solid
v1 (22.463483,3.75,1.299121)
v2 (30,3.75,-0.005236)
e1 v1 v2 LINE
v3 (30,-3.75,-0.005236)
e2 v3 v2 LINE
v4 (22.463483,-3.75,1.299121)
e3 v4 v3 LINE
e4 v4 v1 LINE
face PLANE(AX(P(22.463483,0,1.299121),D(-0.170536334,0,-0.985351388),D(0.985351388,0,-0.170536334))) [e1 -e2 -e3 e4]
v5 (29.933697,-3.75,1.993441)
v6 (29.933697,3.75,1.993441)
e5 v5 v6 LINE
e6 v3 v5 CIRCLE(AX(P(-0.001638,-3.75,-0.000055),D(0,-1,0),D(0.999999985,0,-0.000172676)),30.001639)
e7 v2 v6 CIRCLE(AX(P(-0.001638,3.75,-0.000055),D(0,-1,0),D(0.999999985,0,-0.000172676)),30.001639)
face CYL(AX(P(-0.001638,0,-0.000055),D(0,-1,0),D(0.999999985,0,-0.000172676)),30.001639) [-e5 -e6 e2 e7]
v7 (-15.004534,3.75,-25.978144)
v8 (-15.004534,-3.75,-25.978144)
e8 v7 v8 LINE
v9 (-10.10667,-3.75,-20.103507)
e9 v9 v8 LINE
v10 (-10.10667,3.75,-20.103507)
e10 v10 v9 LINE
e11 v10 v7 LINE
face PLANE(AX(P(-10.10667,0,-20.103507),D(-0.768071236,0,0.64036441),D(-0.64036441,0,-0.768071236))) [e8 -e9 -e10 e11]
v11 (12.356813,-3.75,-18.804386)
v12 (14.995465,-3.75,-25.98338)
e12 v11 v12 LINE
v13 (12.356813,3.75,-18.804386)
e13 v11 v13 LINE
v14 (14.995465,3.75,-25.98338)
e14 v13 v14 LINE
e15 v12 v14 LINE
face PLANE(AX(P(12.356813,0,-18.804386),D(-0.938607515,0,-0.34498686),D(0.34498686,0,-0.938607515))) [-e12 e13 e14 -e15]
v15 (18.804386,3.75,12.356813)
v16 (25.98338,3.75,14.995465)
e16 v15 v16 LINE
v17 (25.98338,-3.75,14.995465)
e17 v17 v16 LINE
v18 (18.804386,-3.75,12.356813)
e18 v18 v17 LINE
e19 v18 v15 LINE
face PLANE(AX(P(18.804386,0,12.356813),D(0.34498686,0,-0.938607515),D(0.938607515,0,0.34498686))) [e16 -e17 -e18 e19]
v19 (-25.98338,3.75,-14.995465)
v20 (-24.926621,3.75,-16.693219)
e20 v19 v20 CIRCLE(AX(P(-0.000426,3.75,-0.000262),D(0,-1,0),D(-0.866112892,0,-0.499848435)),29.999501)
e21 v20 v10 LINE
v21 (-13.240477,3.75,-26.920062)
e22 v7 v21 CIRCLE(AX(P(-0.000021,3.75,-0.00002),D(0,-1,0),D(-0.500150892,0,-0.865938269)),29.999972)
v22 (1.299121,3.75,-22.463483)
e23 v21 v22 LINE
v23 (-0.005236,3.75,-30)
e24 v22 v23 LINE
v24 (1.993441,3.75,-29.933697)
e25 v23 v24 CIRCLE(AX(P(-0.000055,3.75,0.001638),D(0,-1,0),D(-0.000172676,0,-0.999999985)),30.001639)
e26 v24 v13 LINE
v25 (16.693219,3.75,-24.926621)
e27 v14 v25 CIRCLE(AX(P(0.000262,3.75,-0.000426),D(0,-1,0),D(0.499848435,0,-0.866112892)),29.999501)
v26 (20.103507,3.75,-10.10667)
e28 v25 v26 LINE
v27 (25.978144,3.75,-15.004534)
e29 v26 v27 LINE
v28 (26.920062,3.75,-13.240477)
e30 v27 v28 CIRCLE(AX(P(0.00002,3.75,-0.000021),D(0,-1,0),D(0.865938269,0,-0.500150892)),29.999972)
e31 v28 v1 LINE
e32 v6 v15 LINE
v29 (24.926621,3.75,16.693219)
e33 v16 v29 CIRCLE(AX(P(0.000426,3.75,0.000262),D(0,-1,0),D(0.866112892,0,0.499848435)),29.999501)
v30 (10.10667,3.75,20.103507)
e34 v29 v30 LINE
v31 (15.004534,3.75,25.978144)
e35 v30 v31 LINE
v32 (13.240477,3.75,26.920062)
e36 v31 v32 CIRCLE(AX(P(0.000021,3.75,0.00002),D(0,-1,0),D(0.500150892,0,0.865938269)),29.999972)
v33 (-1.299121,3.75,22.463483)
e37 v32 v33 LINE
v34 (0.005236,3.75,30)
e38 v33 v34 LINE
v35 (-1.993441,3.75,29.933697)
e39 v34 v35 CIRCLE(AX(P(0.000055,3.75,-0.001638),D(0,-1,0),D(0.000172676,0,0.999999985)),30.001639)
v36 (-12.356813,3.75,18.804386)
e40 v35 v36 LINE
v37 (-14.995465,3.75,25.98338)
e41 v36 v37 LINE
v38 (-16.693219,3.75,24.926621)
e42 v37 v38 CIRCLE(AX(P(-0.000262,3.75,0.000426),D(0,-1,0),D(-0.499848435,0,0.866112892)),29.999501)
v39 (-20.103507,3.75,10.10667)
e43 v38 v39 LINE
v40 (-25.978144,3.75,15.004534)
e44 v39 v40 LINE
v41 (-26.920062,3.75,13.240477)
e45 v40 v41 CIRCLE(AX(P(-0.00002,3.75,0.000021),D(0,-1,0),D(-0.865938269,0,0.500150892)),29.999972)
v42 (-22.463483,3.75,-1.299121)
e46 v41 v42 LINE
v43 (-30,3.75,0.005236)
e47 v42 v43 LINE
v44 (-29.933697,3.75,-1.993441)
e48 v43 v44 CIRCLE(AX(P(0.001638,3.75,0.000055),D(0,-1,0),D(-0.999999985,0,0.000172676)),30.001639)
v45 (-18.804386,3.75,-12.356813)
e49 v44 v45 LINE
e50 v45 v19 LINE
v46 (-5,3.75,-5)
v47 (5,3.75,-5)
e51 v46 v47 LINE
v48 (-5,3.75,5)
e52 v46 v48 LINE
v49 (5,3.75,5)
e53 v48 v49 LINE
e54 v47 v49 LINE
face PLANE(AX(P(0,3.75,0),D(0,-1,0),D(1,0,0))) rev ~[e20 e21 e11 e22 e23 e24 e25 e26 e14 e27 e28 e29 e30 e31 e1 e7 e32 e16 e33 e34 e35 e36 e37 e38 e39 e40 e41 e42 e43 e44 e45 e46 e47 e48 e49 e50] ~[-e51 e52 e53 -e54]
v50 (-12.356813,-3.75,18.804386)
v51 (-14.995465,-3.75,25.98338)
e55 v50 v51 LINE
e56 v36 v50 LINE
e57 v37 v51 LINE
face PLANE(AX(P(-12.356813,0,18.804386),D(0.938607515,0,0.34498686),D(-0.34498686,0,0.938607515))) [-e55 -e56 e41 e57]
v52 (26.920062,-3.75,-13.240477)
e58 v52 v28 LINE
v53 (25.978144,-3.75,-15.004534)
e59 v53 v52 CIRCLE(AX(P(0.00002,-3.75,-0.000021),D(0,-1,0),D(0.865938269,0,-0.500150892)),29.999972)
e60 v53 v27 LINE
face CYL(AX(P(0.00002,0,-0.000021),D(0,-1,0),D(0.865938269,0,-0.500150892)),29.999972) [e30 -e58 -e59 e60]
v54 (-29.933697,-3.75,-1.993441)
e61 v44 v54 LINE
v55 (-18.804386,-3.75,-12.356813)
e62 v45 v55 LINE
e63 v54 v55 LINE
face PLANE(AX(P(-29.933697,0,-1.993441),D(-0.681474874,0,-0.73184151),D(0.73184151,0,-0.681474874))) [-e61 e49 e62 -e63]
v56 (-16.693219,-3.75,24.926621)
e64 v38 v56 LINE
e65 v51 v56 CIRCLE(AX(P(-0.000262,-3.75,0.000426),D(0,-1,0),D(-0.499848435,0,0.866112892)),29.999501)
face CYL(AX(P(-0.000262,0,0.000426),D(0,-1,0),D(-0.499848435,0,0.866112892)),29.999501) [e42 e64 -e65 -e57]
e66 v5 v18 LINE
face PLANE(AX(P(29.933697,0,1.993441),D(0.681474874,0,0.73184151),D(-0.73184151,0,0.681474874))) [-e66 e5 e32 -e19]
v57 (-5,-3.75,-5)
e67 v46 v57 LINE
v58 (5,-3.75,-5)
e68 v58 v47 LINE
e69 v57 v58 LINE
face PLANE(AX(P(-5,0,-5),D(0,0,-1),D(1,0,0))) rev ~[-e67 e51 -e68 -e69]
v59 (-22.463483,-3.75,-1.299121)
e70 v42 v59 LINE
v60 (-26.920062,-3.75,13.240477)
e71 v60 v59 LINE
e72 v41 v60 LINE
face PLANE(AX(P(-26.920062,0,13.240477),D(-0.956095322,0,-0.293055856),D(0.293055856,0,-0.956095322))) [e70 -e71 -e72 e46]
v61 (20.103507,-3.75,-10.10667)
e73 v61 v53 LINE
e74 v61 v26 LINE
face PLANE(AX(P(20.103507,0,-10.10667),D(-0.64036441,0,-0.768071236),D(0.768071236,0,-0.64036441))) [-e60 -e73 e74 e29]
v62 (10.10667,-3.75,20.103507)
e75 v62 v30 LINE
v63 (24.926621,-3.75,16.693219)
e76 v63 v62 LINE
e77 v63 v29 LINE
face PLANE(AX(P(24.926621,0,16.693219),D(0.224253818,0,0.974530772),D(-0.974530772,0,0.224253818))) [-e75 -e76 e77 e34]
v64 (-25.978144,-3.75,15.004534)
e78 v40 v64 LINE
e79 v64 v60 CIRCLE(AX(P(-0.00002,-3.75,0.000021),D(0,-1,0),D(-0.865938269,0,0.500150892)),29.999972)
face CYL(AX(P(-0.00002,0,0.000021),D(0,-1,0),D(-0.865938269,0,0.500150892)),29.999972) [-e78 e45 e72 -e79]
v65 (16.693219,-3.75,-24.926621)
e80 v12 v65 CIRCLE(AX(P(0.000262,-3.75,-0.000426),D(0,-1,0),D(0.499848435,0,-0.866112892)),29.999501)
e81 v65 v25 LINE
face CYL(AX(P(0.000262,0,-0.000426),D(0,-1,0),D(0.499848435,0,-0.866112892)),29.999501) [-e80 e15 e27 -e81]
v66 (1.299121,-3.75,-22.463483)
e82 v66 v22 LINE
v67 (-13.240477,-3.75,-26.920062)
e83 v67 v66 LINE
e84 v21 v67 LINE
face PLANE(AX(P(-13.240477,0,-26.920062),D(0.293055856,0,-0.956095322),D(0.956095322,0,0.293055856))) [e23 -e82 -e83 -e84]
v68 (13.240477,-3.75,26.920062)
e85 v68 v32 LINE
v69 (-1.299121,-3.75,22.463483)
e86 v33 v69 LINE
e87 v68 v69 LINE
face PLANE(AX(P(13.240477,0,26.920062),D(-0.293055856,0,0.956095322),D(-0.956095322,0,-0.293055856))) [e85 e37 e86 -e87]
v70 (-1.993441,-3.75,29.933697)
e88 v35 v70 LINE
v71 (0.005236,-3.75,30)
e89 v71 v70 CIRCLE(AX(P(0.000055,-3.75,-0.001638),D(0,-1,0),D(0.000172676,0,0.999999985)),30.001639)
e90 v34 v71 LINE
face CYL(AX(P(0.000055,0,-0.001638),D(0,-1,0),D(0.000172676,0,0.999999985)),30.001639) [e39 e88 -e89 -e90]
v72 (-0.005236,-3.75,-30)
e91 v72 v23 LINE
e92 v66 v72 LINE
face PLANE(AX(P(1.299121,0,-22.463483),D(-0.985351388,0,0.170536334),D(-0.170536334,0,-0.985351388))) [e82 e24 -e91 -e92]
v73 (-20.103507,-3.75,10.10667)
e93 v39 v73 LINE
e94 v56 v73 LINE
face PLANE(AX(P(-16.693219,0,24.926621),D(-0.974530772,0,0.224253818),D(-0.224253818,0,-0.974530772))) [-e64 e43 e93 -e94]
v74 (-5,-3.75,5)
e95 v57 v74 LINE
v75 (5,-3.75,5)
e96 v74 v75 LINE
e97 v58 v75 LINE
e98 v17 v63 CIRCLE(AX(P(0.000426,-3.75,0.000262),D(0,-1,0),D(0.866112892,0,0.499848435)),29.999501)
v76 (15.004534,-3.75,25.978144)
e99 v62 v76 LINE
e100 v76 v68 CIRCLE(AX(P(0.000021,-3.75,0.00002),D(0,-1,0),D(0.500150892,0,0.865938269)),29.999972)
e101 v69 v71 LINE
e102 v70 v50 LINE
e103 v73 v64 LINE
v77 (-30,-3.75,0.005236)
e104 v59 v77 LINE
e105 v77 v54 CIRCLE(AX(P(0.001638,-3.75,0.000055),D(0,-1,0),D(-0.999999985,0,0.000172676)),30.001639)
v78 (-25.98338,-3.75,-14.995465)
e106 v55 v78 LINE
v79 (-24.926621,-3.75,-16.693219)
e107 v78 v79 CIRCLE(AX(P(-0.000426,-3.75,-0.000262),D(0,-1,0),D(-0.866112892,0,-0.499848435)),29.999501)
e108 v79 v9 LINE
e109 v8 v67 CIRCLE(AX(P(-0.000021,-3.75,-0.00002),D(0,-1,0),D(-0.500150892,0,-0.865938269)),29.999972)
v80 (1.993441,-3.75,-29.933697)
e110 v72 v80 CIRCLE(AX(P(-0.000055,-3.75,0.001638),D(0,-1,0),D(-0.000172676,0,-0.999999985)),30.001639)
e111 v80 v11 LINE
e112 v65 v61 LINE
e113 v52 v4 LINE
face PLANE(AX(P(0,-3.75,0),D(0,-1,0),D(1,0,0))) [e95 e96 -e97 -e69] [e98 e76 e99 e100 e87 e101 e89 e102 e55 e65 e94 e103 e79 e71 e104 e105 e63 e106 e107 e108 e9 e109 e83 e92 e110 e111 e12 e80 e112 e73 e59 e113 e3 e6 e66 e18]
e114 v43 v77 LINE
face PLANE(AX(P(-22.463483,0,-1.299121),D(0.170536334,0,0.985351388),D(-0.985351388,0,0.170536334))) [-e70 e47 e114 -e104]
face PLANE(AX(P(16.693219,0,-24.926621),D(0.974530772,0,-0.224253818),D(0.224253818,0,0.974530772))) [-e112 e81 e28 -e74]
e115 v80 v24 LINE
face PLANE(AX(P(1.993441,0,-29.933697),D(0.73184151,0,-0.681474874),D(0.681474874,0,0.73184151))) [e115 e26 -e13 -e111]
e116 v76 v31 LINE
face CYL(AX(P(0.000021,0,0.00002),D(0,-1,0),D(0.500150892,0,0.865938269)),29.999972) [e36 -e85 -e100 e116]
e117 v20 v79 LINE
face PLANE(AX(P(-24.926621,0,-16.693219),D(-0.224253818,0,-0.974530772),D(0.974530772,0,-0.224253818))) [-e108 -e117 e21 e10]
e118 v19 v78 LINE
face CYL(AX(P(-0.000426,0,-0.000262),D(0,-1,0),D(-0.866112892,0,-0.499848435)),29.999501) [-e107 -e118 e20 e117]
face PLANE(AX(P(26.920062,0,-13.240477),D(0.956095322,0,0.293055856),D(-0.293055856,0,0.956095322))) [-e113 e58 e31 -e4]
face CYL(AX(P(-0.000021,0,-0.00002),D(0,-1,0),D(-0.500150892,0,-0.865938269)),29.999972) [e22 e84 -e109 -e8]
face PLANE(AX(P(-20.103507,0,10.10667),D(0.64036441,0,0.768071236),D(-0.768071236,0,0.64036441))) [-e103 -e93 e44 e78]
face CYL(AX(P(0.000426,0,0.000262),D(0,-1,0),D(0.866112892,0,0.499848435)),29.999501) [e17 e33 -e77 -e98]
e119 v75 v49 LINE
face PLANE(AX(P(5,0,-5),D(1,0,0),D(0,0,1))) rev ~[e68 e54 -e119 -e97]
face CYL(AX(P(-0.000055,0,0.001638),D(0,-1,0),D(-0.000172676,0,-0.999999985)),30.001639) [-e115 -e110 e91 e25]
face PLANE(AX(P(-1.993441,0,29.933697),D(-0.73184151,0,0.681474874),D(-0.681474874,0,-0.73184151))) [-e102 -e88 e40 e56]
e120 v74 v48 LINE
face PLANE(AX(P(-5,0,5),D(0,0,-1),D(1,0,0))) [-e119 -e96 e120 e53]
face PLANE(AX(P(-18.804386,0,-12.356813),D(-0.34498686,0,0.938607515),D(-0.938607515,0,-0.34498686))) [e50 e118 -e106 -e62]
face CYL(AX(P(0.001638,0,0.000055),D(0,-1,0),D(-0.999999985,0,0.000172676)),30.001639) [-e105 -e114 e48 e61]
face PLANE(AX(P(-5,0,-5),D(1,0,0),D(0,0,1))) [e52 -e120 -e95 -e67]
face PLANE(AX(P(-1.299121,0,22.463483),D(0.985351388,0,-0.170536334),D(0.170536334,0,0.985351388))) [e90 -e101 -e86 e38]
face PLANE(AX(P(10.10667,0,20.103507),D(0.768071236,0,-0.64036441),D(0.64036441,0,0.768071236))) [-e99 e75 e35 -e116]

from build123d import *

# Parameters (mm, degrees)
F0_W     = 10
F0_H     = 10
F1_DEPTH = 3.75


with BuildPart() as f1:
    # F0 (on Front) → F1 (new body, symmetric)
    with BuildSketch(Plane.XZ):
        with BuildLine():
            Line((13.240477, 26.920062), (-1.299121, 22.463483))
            Line((-1.299121, 22.463483), (0.005236, 30))
            ThreePointArc((0.005236, 30), (-0.994655, 29.983506), (-1.993441, 29.933697))
            Line((-1.993441, 29.933697), (-12.356813, 18.804386))
            Line((-12.356813, 18.804386), (-14.995465, 25.98338))
            ThreePointArc((-14.995465, 25.98338), (-15.85315, 25.469151), (-16.693219, 24.926621))
            Line((-16.693219, 24.926621), (-20.103507, 10.10667))
            Line((-20.103507, 10.10667), (-25.978144, 15.004534))
            ThreePointArc((-25.978144, 15.004534), (-26.463806, 14.130356), (-26.920062, 13.240477))
            Line((-26.920062, 13.240477), (-22.463483, -1.299121))
            Line((-22.463483, -1.299121), (-30, 0.005236))
            ThreePointArc((-30, 0.005236), (-29.983506, -0.994655), (-29.933697, -1.993441))
            Line((-29.933697, -1.993441), (-18.804386, -12.356813))
            Line((-18.804386, -12.356813), (-25.98338, -14.995465))
            ThreePointArc((-25.98338, -14.995465), (-25.469151, -15.85315), (-24.926621, -16.693219))
            Line((-24.926621, -16.693219), (-10.10667, -20.103507))
            Line((-10.10667, -20.103507), (-15.004534, -25.978144))
            ThreePointArc((-15.004534, -25.978144), (-14.130356, -26.463806), (-13.240477, -26.920062))
            Line((-13.240477, -26.920062), (1.299121, -22.463483))
            Line((1.299121, -22.463483), (-0.005236, -30))
            ThreePointArc((-0.005236, -30), (0.994655, -29.983506), (1.993441, -29.933697))
            Line((1.993441, -29.933697), (12.356813, -18.804386))
            Line((12.356813, -18.804386), (14.995465, -25.98338))
            ThreePointArc((14.995465, -25.98338), (15.85315, -25.469151), (16.693219, -24.926621))
            Line((16.693219, -24.926621), (20.103507, -10.10667))
            Line((20.103507, -10.10667), (25.978144, -15.004534))
            ThreePointArc((25.978144, -15.004534), (26.463806, -14.130356), (26.920062, -13.240477))
            Line((26.920062, -13.240477), (22.463483, 1.299121))
            Line((22.463483, 1.299121), (30, -0.005236))
            ThreePointArc((30, -0.005236), (29.983506, 0.994655), (29.933697, 1.993441))
            Line((29.933697, 1.993441), (18.804386, 12.356813))
            Line((18.804386, 12.356813), (25.98338, 14.995465))
            ThreePointArc((25.98338, 14.995465), (25.469151, 15.85315), (24.926621, 16.693219))
            Line((24.926621, 16.693219), (10.10667, 20.103507))
            Line((10.10667, 20.103507), (15.004534, 25.978144))
            ThreePointArc((15.004534, 25.978144), (14.130356, 26.463806), (13.240477, 26.920062))
        make_face()
        Rectangle(F0_W, F0_H, mode=Mode.SUBTRACT)
    extrude(amount=F1_DEPTH, both=True)


solid = f1.part
